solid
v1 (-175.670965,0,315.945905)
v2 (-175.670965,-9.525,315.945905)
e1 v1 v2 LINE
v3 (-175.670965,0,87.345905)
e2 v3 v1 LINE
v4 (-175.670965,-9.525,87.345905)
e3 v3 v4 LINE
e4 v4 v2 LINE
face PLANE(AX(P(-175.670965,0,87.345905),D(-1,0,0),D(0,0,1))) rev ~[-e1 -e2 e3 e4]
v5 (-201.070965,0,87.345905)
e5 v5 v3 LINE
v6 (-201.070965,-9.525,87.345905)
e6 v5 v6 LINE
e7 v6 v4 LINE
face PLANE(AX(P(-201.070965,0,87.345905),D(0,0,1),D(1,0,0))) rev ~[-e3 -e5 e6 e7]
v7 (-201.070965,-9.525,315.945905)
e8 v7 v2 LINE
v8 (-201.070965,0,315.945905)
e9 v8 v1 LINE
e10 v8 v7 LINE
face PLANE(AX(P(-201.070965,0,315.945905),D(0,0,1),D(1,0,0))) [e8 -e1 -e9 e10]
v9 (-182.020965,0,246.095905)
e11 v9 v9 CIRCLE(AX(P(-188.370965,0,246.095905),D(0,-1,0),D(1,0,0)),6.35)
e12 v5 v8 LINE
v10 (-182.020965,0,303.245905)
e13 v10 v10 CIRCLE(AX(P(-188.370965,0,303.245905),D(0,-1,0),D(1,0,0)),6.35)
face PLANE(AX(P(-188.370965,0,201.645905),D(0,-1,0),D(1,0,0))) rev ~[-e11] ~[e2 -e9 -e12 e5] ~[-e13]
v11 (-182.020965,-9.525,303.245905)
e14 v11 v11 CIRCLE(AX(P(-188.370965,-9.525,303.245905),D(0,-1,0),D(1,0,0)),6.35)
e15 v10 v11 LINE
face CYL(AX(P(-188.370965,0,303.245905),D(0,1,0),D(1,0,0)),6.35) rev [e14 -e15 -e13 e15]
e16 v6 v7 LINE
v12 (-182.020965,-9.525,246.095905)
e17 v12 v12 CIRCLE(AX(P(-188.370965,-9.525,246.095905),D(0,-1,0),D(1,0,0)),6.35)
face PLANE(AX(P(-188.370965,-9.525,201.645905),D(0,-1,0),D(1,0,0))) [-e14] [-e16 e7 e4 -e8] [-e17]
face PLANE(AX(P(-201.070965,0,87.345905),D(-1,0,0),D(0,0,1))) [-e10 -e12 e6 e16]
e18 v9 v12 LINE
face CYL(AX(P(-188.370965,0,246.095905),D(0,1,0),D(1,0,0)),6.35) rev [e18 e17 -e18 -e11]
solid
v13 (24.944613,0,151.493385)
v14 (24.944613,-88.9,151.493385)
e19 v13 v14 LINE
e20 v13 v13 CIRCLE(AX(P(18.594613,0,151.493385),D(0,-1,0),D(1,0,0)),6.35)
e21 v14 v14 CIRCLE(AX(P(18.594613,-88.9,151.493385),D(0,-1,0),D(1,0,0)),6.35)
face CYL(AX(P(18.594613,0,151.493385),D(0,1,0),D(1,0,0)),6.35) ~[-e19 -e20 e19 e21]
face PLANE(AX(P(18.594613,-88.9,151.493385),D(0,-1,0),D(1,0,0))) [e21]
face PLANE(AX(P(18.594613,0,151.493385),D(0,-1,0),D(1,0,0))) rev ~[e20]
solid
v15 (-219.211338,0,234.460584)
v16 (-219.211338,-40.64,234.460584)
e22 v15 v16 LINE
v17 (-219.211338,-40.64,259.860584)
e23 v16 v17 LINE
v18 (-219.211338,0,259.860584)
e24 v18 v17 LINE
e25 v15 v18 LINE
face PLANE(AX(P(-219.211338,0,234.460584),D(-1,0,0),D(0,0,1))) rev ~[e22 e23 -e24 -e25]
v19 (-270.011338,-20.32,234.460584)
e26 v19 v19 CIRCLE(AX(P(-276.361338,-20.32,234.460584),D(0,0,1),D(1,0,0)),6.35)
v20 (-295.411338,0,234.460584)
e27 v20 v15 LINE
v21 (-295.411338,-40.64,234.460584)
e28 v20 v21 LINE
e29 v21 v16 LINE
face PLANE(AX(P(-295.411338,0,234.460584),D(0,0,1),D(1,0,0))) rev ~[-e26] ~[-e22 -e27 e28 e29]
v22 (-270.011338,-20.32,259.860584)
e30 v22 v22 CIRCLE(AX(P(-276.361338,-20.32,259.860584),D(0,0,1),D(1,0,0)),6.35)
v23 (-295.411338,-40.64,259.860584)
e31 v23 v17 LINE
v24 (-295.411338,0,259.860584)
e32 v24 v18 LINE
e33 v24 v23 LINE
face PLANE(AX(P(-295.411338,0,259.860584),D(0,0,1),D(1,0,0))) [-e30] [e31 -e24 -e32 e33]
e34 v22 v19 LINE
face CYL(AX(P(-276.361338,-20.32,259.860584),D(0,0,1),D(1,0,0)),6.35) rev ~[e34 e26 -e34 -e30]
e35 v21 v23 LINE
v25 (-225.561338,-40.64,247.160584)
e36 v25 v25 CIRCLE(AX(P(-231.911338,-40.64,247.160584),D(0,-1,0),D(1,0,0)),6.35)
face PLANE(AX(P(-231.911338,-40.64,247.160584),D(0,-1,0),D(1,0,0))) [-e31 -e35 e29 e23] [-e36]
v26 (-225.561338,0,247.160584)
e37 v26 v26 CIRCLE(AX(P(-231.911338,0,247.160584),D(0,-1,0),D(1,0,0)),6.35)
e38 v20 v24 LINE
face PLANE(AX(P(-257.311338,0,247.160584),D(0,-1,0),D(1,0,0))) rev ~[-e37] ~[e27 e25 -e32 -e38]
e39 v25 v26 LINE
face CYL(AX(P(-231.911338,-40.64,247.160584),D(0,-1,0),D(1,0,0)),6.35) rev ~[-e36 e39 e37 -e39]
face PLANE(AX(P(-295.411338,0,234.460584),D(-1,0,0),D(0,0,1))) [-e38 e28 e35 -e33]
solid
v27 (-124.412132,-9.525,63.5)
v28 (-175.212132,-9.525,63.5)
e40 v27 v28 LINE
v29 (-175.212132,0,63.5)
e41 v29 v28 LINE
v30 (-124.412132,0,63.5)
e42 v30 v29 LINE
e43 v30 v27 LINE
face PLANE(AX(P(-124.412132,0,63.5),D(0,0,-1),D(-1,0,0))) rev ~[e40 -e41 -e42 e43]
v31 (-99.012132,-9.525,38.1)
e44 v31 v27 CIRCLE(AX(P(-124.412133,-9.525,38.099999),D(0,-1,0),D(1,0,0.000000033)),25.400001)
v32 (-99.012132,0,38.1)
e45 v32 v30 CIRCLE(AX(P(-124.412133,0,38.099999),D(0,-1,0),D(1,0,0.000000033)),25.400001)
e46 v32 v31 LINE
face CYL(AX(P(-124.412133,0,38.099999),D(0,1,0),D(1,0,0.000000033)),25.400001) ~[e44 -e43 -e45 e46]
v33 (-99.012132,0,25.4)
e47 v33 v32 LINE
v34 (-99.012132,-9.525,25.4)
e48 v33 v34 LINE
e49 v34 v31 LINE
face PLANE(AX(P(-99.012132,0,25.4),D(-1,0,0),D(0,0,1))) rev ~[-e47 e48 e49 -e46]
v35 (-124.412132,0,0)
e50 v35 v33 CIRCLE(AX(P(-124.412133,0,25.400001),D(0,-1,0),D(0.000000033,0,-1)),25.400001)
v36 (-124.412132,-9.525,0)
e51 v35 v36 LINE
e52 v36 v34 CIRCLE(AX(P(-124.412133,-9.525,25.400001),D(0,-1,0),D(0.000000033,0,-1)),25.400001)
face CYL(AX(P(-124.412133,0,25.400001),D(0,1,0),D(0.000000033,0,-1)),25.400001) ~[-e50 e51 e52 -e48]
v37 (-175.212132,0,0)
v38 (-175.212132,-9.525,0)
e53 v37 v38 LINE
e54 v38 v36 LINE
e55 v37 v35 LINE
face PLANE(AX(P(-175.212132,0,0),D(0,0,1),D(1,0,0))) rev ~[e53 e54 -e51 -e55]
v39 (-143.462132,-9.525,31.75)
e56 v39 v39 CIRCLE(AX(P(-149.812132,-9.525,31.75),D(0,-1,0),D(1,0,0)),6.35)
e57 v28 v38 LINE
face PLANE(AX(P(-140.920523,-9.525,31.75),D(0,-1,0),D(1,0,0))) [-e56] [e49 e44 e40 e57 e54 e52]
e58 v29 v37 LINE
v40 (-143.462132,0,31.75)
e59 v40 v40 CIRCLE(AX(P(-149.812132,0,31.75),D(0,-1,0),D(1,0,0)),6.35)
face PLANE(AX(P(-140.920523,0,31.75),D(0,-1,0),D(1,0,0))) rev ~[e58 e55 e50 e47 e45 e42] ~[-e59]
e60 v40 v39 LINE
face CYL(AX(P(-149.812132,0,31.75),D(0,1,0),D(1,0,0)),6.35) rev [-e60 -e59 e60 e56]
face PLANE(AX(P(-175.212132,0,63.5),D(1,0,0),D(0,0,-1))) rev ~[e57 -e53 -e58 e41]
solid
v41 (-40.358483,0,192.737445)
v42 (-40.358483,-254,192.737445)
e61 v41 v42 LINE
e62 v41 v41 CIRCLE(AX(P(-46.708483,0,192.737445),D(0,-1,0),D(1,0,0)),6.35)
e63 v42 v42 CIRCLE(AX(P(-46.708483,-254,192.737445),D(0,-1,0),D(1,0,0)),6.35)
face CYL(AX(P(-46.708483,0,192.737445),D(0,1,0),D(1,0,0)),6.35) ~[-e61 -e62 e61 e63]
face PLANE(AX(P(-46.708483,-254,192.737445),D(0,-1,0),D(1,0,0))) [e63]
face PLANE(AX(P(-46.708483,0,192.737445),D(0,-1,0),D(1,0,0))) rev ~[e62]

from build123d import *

# Parameters (mm, degrees)
F0_W      = 25.4
F0_H      = 228.6
F0_R      = 6.35
F1_DEPTH  = 9.525
F2_W      = 76.2
F2_H      = 25.4
F3_DEPTH  = 40.64
F4_R      = 6.35
F5_DEPTH  = 57.7088
F6_DEPTH  = 57.7088
F7_R      = 6.35
F8_DEPTH  = 50.8
F9_R      = 6.35
F10_DEPTH = 254
F11_R     = 6.35
F12_DEPTH = 88.9
F13_R     = 6.35
F14_DEPTH = 9.525


with BuildPart() as f1:
    # F0 (on Front) → F1 (new body)
    with BuildSketch(Plane.XZ):
        with Locations((-188.370965, 201.645905)):
            Rectangle(F0_W, F0_H)
        with Locations((-188.370965, 246.095905)):
            Circle(F0_R, mode=Mode.SUBTRACT)
        with Locations((-188.370965, 303.245905)):
            Circle(F0_R, mode=Mode.SUBTRACT)
    extrude(amount=F1_DEPTH)


with BuildPart() as f3:
    # F2 (on Front) → F3 (new body)
    with BuildSketch(Plane.XZ):
        with Locations((-257.311338, 247.160584)):
            Rectangle(F2_W, F2_H)
    extrude(amount=F3_DEPTH)

    # F4 (on face) → F5 (join)
    with BuildSketch(Plane.XZ.offset(40.64)):
        with Locations((-231.911338, 247.160584)):
            Circle(F4_R)
    extrude(amount=-F5_DEPTH)

    # F4 (on face) → F6 (cut)
    with BuildSketch(Plane.XZ.offset(40.64)):
        with Locations((-231.911338, 247.160584)):
            Circle(F4_R)
    extrude(amount=-F6_DEPTH, mode=Mode.SUBTRACT)

    # F7 (on face) → F8 (cut)
    with BuildSketch(Plane.XY.offset(259.860584)):
        with Locations((-276.361338, -20.32)):
            Circle(F7_R)
    extrude(amount=-F8_DEPTH, mode=Mode.SUBTRACT)


with BuildPart() as f10:
    # F9 (on Front) → F10 (new body)
    with BuildSketch(Plane.XZ):
        with Locations((-46.708483, 192.737445)):
            Circle(F9_R)
    extrude(amount=F10_DEPTH)


with BuildPart() as f12:
    # F11 (on Front) → F12 (new body)
    with BuildSketch(Plane.XZ):
        with Locations((18.594613, 151.493385)):
            Circle(F11_R)
    extrude(amount=F12_DEPTH)


with BuildPart() as f14:
    # F13 (on Front) → F14 (new body)
    with BuildSketch(Plane.XZ):
        with BuildLine():
            Line((-124.412132, 63.5), (-175.212132, 63.5))
            Line((-175.212132, 63.5), (-175.212132, 0))
            Line((-175.212132, 0), (-124.412132, 0))
            ThreePointArc((-124.412132, 0), (-106.45162, 7.439488), (-99.012132, 25.4))
            Line((-99.012132, 25.4), (-99.012132, 38.1))
            ThreePointArc((-99.012132, 38.1), (-106.45162, 56.060512), (-124.412132, 63.5))
        make_face()
        with Locations((-149.812132, 31.75)):
            Circle(F13_R, mode=Mode.SUBTRACT)
    extrude(amount=F14_DEPTH)


solid = Compound([f1.part, f3.part, f10.part, f12.part, f14.part])
